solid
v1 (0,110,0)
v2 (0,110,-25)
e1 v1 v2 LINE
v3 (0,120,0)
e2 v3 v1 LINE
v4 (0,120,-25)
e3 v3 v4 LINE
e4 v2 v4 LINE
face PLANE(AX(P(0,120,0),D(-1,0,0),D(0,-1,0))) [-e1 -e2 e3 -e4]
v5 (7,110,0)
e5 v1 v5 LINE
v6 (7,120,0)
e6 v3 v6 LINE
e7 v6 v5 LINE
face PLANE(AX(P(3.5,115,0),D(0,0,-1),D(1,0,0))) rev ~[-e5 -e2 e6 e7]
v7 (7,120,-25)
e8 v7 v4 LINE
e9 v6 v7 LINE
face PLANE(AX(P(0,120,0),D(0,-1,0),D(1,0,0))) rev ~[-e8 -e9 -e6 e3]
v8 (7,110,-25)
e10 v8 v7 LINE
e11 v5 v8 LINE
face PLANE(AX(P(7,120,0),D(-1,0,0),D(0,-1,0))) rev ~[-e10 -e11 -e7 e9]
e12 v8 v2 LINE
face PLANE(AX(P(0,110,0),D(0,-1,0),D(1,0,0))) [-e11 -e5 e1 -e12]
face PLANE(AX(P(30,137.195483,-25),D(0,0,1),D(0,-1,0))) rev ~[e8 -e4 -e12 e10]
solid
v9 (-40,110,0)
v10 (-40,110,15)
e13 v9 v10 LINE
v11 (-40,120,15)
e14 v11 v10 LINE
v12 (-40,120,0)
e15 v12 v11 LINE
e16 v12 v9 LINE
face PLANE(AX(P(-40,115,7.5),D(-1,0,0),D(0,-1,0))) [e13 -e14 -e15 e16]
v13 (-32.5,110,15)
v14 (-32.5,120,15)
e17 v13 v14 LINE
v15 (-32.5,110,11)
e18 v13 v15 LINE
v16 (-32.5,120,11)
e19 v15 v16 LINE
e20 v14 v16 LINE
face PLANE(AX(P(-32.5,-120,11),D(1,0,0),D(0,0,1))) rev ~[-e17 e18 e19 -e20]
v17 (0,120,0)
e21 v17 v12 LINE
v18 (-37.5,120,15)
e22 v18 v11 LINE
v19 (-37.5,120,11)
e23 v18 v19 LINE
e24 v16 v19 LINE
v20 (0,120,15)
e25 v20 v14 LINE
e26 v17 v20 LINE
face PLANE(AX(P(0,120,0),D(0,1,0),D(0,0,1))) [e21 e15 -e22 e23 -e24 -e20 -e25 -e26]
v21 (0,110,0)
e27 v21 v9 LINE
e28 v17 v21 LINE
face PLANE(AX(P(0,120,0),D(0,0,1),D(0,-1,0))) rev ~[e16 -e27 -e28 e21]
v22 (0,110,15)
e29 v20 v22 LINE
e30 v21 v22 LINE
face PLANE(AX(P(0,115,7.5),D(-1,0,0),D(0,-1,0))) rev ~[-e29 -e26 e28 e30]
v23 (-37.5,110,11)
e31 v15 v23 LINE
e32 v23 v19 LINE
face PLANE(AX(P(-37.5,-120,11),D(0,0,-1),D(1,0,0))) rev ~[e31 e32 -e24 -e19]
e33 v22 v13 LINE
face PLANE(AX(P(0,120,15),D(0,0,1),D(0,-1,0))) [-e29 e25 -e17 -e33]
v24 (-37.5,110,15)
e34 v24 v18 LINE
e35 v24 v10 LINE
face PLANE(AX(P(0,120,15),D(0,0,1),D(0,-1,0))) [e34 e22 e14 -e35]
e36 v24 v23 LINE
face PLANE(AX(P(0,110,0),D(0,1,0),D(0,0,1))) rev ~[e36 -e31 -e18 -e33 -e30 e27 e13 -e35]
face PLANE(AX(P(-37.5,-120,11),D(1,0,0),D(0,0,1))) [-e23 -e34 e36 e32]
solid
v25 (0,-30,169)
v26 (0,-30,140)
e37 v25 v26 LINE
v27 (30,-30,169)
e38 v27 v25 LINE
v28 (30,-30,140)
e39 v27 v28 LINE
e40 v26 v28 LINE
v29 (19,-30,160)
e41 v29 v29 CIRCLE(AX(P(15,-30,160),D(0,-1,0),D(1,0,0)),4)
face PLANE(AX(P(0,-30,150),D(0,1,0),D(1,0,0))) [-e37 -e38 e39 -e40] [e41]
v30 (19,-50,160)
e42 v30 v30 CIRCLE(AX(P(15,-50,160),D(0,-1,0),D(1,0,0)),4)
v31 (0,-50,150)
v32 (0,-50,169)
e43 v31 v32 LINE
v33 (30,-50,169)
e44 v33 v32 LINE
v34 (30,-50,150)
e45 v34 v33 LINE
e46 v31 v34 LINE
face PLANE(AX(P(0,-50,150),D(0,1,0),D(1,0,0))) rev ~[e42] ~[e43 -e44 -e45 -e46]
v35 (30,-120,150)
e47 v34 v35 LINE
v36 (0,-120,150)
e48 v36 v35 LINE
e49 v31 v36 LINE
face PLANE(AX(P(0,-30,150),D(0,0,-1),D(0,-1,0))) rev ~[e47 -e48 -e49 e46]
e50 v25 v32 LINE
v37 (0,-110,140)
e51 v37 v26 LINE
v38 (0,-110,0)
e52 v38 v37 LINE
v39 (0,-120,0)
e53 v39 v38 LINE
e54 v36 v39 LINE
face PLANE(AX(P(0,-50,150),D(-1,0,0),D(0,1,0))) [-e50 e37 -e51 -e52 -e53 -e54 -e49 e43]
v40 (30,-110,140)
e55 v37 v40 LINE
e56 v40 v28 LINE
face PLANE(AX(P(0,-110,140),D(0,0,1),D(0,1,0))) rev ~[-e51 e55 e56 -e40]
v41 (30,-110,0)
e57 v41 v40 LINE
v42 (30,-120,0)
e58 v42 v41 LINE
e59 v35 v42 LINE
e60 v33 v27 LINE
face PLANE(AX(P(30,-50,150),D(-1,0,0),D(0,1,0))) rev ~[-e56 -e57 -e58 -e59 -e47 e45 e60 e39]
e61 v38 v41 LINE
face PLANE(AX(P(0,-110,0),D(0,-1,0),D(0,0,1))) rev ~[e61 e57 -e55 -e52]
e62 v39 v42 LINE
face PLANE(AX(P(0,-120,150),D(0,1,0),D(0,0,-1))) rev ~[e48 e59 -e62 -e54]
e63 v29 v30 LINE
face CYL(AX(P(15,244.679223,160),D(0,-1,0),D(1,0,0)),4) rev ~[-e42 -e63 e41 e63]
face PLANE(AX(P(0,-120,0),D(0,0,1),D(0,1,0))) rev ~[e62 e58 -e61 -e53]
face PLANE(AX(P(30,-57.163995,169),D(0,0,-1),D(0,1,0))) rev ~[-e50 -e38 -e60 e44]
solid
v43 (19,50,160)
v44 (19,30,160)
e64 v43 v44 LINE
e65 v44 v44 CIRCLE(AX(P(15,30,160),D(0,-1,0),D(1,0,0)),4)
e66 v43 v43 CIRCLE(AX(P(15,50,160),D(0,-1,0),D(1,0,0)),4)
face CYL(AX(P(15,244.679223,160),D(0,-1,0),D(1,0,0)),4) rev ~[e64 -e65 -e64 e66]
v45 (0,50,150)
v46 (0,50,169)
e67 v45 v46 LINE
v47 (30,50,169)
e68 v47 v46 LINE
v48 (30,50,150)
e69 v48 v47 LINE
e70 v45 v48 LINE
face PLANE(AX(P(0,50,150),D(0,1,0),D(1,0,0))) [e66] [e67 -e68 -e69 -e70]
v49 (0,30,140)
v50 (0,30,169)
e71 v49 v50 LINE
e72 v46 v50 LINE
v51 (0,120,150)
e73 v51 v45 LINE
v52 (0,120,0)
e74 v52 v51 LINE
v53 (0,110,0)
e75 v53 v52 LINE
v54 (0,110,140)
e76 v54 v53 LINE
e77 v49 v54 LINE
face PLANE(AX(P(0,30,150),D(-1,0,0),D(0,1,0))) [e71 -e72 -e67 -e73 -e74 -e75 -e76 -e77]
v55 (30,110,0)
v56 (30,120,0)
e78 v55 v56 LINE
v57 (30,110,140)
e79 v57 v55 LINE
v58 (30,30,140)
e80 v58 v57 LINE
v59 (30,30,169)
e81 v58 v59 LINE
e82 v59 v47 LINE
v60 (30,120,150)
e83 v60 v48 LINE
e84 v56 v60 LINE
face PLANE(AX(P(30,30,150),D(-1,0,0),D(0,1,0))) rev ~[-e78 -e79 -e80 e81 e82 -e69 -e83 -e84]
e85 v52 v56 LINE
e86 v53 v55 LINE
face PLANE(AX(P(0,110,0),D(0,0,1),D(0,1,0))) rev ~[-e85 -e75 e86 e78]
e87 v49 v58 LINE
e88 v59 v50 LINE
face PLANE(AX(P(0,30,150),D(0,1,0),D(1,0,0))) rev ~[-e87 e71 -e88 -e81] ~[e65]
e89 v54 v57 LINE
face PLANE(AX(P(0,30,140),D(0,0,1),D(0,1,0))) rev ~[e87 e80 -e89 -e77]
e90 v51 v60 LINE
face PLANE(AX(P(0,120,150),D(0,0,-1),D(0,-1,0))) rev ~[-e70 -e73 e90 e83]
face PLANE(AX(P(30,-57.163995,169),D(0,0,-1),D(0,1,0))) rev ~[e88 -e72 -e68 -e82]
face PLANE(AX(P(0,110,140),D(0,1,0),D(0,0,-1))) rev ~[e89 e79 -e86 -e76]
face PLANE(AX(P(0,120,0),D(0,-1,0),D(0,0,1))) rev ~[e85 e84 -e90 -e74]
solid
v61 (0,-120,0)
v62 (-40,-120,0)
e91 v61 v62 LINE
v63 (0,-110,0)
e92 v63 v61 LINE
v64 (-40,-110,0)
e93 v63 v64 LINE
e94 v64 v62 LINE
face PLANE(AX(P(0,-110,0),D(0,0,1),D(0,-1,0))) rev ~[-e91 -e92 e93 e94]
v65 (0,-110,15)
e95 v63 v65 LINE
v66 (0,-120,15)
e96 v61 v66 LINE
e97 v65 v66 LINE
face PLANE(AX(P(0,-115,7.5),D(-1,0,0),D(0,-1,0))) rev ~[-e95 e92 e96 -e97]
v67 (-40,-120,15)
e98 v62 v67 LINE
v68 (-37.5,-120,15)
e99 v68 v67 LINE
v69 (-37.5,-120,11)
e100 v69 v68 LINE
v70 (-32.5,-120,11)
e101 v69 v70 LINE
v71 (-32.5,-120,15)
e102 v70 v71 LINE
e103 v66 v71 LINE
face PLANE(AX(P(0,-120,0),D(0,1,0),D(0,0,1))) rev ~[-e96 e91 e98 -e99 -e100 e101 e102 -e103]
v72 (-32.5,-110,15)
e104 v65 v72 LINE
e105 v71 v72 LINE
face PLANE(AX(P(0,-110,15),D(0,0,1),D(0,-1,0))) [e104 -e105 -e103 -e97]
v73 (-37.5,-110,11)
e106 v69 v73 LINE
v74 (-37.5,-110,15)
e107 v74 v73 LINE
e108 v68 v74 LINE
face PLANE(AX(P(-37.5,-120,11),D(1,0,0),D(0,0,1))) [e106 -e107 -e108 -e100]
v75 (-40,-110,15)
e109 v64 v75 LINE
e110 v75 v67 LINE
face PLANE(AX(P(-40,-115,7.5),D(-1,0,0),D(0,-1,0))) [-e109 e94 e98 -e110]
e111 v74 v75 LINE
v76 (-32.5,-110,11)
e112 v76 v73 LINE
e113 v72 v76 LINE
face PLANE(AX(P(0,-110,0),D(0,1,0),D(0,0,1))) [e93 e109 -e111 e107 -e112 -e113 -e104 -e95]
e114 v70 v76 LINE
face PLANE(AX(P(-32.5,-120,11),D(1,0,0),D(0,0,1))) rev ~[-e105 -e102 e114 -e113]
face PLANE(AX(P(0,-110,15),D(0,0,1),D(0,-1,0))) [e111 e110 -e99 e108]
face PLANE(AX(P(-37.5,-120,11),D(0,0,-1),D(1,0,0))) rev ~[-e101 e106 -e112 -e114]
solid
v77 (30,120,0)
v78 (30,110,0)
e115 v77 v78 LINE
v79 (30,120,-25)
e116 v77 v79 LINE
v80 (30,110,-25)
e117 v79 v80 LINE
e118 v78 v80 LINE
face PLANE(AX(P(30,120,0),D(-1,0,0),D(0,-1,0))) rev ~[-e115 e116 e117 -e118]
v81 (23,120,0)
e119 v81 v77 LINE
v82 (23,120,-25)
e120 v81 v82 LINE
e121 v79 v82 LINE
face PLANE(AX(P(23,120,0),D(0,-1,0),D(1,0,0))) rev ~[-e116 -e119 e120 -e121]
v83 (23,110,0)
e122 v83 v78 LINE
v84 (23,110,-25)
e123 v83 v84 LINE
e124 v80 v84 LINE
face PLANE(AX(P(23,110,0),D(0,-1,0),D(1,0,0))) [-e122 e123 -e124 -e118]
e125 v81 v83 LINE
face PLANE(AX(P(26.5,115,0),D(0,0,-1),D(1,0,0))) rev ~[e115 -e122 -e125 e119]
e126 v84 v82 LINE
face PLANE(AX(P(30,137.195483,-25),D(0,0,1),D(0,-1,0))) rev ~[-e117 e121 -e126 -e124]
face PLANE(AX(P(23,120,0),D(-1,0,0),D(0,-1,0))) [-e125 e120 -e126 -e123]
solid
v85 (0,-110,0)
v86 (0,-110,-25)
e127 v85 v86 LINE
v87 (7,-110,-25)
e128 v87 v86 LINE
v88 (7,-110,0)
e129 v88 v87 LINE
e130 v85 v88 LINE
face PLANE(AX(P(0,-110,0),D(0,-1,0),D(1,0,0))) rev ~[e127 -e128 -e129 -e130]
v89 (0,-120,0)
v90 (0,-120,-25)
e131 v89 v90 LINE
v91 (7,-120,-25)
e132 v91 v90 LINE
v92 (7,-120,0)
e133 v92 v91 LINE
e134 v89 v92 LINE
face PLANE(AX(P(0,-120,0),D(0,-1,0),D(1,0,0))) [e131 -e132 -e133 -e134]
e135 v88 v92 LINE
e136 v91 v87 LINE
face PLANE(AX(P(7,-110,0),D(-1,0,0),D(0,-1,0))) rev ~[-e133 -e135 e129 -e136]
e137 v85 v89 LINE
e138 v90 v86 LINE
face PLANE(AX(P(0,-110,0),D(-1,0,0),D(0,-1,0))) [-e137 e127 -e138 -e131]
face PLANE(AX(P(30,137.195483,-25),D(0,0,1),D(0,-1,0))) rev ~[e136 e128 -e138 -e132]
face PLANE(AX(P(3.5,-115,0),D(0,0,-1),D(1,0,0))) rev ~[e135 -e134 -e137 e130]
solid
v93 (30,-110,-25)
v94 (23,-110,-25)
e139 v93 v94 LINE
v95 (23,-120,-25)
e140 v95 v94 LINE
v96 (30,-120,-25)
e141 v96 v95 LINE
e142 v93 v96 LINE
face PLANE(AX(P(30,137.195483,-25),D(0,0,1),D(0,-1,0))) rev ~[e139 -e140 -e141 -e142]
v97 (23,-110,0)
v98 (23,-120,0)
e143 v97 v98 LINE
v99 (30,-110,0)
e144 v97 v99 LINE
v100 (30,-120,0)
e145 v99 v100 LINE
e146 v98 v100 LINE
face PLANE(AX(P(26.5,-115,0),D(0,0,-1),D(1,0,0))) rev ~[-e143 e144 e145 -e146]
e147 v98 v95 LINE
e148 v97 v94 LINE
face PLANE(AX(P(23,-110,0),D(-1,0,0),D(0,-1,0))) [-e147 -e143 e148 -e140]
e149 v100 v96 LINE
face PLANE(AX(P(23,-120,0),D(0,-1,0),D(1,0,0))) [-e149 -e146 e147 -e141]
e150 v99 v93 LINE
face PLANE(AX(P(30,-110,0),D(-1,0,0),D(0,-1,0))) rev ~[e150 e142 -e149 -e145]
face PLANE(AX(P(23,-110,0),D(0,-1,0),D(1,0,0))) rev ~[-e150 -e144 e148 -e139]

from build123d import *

# Parameters (mm, degrees)
F1_DEPTH  = 30
F2_W      = 30
F2_H      = 20
F3_DEPTH  = 20
F4_W      = 30
F4_H      = 20
F5_DEPTH  = 20
F7_D      = 8
F7_2_D    = 8
F8_W      = 7
F8_H      = 10
F9_DEPTH  = 30
F10_W     = 10
F10_H     = 15
F11_DEPTH = 40
F12_W     = 5
F12_H     = 4
F13_DEPTH = 240.001
F14_W     = 5
F14_H     = 4
F15_DEPTH = 240.001
F17_DEPTH = 69


with BuildPart() as f1:
    # F0 (on Right) → F1 (new body)
    with BuildSketch(Plane.YZ):
        Polygon((-120, 150), (-120, 0), (-110, 0), (-110, 140), (-30, 140), (-30, 150), align=None)
    extrude(amount=F1_DEPTH)

    # F2 (on face) → F3 (join)
    with BuildSketch(Plane.XY.offset(150)):
        with Locations((15, -40)):
            Rectangle(F2_W, F2_H)
    extrude(amount=F3_DEPTH)

    # F7 (through all)
    with Locations(Plane(origin=(0, 50, 0), x_dir=(-1, 0, 0), z_dir=(0, 1, 0))):
        with Locations((-15, 160)):
            Hole(F7_D / 2)

    # F14 (on face) → F15 (cut, through all)
    with BuildSketch(Plane(origin=(0, 120, 0), x_dir=(-1, 0, 0), z_dir=(0, 1, 0))):
        with Locations((35, 13)):
            Rectangle(F14_W, F14_H)
    extrude(amount=-F15_DEPTH, mode=Mode.SUBTRACT)


with BuildPart() as f1b:
    # F0 (on Right) → F1, piece 2 (new body)
    with BuildSketch(Plane.YZ):
        Polygon((110, 140), (110, 0), (120, 0), (120, 150), (30, 150), (30, 140), align=None)
    extrude(amount=F1_DEPTH)

    # F4 (on face) → F5 (join)
    with BuildSketch(Plane.XY.offset(150)):
        with Locations((15, 40)):
            Rectangle(F4_W, F4_H)
    extrude(amount=F5_DEPTH)

    # F7#2 (through all)
    with Locations(Plane(origin=(0, 50, 0), x_dir=(-1, 0, 0), z_dir=(0, 1, 0))):
        with Locations((-15, 160)):
            Hole(F7_2_D / 2)


with BuildPart() as f9:
    # F8 (on face) → F9 (new body)
    with BuildSketch(Plane(origin=(0, 0, 0), x_dir=(1, 0, 0), z_dir=(0, 0, -1))):
        with Locations((26.5, -115)):
            Rectangle(F8_W, F8_H)
    extrude(amount=F9_DEPTH)


with BuildPart() as f9b:
    # F8 (on face) → F9, piece 2 (new body)
    with BuildSketch(Plane(origin=(0, 0, 0), x_dir=(1, 0, 0), z_dir=(0, 0, -1))):
        with Locations((3.5, -115)):
            Rectangle(F8_W, F8_H)
    extrude(amount=F9_DEPTH)


with BuildPart() as f9c:
    # F8 (on face) → F9, piece 3 (new body)
    with BuildSketch(Plane(origin=(0, 0, 0), x_dir=(1, 0, 0), z_dir=(0, 0, -1))):
        with Locations((26.5, 115)):
            Rectangle(F8_W, F8_H)
    extrude(amount=F9_DEPTH)


with BuildPart() as f9d:
    # F8 (on face) → F9, piece 4 (new body)
    with BuildSketch(Plane(origin=(0, 0, 0), x_dir=(1, 0, 0), z_dir=(0, 0, -1))):
        with Locations((3.5, 115)):
            Rectangle(F8_W, F8_H)
    extrude(amount=F9_DEPTH)


with BuildPart() as f11:
    # F10 (on face) → F11 (new body)
    with BuildSketch(Plane(origin=(0, 0, 0), x_dir=(0, -1, 0), z_dir=(-1, 0, 0))):
        with Locations((-115, 7.5)):
            Rectangle(F10_W, F10_H)
    extrude(amount=F11_DEPTH)


with BuildPart() as f11b:
    # F10 (on face) → F11, piece 2 (new body)
    with BuildSketch(Plane(origin=(0, 0, 0), x_dir=(0, -1, 0), z_dir=(-1, 0, 0))):
        with Locations((115, 7.5)):
            Rectangle(F10_W, F10_H)
    extrude(amount=F11_DEPTH)


with BuildPart() as f13_tool:
    # F12 (on face) → F13 (new body, through all)
    with BuildSketch(Plane.XZ.offset(120)):
        with Locations((-35, 13)):
            Rectangle(F12_W, F12_H)
    extrude(amount=-F13_DEPTH)


with BuildPart() as f11_1:
    add(f11.part)

    # F13: cut by f13_tool
    add(f13_tool.part, mode=Mode.SUBTRACT)


with BuildPart() as f11b_1:
    add(f11b.part)

    # F13: cut by f13_tool
    add(f13_tool.part, mode=Mode.SUBTRACT)


with BuildPart() as f17_tool:
    # F16 (on face) → F17 (new body)
    with BuildSketch(Plane.YZ.offset(30)):
        Polygon((-57.1639947593, 169), (-30, 169), (57.6231703162, 169), (57.6231703162, 174.4881868362), (-57.1639947593, 174.4881868362), align=None)
        Polygon((137.1954828501, -25), (-110, -25), (-131.8146437407, -25), (-131.8146437407, -34.2673361301), (137.1954828501, -34.2673361301), align=None)
    extrude(amount=-F17_DEPTH)


with BuildPart() as f1_1:
    add(f1.part)

    # F17: cut by f17_tool
    add(f17_tool.part, mode=Mode.SUBTRACT)


with BuildPart() as f1b_1:
    add(f1b.part)

    # F17: cut by f17_tool
    add(f17_tool.part, mode=Mode.SUBTRACT)


with BuildPart() as f9_1:
    add(f9.part)

    # F17: cut by f17_tool
    add(f17_tool.part, mode=Mode.SUBTRACT)


with BuildPart() as f9b_1:
    add(f9b.part)

    # F17: cut by f17_tool
    add(f17_tool.part, mode=Mode.SUBTRACT)


with BuildPart() as f9c_1:
    add(f9c.part)

    # F17: cut by f17_tool
    add(f17_tool.part, mode=Mode.SUBTRACT)


with BuildPart() as f9d_1:
    add(f9d.part)

    # F17: cut by f17_tool
    add(f17_tool.part, mode=Mode.SUBTRACT)


solid = Compound([f11_1.part, f11b_1.part, f1_1.part, f1b_1.part, f9_1.part, f9b_1.part, f9c_1.part, f9d_1.part])
